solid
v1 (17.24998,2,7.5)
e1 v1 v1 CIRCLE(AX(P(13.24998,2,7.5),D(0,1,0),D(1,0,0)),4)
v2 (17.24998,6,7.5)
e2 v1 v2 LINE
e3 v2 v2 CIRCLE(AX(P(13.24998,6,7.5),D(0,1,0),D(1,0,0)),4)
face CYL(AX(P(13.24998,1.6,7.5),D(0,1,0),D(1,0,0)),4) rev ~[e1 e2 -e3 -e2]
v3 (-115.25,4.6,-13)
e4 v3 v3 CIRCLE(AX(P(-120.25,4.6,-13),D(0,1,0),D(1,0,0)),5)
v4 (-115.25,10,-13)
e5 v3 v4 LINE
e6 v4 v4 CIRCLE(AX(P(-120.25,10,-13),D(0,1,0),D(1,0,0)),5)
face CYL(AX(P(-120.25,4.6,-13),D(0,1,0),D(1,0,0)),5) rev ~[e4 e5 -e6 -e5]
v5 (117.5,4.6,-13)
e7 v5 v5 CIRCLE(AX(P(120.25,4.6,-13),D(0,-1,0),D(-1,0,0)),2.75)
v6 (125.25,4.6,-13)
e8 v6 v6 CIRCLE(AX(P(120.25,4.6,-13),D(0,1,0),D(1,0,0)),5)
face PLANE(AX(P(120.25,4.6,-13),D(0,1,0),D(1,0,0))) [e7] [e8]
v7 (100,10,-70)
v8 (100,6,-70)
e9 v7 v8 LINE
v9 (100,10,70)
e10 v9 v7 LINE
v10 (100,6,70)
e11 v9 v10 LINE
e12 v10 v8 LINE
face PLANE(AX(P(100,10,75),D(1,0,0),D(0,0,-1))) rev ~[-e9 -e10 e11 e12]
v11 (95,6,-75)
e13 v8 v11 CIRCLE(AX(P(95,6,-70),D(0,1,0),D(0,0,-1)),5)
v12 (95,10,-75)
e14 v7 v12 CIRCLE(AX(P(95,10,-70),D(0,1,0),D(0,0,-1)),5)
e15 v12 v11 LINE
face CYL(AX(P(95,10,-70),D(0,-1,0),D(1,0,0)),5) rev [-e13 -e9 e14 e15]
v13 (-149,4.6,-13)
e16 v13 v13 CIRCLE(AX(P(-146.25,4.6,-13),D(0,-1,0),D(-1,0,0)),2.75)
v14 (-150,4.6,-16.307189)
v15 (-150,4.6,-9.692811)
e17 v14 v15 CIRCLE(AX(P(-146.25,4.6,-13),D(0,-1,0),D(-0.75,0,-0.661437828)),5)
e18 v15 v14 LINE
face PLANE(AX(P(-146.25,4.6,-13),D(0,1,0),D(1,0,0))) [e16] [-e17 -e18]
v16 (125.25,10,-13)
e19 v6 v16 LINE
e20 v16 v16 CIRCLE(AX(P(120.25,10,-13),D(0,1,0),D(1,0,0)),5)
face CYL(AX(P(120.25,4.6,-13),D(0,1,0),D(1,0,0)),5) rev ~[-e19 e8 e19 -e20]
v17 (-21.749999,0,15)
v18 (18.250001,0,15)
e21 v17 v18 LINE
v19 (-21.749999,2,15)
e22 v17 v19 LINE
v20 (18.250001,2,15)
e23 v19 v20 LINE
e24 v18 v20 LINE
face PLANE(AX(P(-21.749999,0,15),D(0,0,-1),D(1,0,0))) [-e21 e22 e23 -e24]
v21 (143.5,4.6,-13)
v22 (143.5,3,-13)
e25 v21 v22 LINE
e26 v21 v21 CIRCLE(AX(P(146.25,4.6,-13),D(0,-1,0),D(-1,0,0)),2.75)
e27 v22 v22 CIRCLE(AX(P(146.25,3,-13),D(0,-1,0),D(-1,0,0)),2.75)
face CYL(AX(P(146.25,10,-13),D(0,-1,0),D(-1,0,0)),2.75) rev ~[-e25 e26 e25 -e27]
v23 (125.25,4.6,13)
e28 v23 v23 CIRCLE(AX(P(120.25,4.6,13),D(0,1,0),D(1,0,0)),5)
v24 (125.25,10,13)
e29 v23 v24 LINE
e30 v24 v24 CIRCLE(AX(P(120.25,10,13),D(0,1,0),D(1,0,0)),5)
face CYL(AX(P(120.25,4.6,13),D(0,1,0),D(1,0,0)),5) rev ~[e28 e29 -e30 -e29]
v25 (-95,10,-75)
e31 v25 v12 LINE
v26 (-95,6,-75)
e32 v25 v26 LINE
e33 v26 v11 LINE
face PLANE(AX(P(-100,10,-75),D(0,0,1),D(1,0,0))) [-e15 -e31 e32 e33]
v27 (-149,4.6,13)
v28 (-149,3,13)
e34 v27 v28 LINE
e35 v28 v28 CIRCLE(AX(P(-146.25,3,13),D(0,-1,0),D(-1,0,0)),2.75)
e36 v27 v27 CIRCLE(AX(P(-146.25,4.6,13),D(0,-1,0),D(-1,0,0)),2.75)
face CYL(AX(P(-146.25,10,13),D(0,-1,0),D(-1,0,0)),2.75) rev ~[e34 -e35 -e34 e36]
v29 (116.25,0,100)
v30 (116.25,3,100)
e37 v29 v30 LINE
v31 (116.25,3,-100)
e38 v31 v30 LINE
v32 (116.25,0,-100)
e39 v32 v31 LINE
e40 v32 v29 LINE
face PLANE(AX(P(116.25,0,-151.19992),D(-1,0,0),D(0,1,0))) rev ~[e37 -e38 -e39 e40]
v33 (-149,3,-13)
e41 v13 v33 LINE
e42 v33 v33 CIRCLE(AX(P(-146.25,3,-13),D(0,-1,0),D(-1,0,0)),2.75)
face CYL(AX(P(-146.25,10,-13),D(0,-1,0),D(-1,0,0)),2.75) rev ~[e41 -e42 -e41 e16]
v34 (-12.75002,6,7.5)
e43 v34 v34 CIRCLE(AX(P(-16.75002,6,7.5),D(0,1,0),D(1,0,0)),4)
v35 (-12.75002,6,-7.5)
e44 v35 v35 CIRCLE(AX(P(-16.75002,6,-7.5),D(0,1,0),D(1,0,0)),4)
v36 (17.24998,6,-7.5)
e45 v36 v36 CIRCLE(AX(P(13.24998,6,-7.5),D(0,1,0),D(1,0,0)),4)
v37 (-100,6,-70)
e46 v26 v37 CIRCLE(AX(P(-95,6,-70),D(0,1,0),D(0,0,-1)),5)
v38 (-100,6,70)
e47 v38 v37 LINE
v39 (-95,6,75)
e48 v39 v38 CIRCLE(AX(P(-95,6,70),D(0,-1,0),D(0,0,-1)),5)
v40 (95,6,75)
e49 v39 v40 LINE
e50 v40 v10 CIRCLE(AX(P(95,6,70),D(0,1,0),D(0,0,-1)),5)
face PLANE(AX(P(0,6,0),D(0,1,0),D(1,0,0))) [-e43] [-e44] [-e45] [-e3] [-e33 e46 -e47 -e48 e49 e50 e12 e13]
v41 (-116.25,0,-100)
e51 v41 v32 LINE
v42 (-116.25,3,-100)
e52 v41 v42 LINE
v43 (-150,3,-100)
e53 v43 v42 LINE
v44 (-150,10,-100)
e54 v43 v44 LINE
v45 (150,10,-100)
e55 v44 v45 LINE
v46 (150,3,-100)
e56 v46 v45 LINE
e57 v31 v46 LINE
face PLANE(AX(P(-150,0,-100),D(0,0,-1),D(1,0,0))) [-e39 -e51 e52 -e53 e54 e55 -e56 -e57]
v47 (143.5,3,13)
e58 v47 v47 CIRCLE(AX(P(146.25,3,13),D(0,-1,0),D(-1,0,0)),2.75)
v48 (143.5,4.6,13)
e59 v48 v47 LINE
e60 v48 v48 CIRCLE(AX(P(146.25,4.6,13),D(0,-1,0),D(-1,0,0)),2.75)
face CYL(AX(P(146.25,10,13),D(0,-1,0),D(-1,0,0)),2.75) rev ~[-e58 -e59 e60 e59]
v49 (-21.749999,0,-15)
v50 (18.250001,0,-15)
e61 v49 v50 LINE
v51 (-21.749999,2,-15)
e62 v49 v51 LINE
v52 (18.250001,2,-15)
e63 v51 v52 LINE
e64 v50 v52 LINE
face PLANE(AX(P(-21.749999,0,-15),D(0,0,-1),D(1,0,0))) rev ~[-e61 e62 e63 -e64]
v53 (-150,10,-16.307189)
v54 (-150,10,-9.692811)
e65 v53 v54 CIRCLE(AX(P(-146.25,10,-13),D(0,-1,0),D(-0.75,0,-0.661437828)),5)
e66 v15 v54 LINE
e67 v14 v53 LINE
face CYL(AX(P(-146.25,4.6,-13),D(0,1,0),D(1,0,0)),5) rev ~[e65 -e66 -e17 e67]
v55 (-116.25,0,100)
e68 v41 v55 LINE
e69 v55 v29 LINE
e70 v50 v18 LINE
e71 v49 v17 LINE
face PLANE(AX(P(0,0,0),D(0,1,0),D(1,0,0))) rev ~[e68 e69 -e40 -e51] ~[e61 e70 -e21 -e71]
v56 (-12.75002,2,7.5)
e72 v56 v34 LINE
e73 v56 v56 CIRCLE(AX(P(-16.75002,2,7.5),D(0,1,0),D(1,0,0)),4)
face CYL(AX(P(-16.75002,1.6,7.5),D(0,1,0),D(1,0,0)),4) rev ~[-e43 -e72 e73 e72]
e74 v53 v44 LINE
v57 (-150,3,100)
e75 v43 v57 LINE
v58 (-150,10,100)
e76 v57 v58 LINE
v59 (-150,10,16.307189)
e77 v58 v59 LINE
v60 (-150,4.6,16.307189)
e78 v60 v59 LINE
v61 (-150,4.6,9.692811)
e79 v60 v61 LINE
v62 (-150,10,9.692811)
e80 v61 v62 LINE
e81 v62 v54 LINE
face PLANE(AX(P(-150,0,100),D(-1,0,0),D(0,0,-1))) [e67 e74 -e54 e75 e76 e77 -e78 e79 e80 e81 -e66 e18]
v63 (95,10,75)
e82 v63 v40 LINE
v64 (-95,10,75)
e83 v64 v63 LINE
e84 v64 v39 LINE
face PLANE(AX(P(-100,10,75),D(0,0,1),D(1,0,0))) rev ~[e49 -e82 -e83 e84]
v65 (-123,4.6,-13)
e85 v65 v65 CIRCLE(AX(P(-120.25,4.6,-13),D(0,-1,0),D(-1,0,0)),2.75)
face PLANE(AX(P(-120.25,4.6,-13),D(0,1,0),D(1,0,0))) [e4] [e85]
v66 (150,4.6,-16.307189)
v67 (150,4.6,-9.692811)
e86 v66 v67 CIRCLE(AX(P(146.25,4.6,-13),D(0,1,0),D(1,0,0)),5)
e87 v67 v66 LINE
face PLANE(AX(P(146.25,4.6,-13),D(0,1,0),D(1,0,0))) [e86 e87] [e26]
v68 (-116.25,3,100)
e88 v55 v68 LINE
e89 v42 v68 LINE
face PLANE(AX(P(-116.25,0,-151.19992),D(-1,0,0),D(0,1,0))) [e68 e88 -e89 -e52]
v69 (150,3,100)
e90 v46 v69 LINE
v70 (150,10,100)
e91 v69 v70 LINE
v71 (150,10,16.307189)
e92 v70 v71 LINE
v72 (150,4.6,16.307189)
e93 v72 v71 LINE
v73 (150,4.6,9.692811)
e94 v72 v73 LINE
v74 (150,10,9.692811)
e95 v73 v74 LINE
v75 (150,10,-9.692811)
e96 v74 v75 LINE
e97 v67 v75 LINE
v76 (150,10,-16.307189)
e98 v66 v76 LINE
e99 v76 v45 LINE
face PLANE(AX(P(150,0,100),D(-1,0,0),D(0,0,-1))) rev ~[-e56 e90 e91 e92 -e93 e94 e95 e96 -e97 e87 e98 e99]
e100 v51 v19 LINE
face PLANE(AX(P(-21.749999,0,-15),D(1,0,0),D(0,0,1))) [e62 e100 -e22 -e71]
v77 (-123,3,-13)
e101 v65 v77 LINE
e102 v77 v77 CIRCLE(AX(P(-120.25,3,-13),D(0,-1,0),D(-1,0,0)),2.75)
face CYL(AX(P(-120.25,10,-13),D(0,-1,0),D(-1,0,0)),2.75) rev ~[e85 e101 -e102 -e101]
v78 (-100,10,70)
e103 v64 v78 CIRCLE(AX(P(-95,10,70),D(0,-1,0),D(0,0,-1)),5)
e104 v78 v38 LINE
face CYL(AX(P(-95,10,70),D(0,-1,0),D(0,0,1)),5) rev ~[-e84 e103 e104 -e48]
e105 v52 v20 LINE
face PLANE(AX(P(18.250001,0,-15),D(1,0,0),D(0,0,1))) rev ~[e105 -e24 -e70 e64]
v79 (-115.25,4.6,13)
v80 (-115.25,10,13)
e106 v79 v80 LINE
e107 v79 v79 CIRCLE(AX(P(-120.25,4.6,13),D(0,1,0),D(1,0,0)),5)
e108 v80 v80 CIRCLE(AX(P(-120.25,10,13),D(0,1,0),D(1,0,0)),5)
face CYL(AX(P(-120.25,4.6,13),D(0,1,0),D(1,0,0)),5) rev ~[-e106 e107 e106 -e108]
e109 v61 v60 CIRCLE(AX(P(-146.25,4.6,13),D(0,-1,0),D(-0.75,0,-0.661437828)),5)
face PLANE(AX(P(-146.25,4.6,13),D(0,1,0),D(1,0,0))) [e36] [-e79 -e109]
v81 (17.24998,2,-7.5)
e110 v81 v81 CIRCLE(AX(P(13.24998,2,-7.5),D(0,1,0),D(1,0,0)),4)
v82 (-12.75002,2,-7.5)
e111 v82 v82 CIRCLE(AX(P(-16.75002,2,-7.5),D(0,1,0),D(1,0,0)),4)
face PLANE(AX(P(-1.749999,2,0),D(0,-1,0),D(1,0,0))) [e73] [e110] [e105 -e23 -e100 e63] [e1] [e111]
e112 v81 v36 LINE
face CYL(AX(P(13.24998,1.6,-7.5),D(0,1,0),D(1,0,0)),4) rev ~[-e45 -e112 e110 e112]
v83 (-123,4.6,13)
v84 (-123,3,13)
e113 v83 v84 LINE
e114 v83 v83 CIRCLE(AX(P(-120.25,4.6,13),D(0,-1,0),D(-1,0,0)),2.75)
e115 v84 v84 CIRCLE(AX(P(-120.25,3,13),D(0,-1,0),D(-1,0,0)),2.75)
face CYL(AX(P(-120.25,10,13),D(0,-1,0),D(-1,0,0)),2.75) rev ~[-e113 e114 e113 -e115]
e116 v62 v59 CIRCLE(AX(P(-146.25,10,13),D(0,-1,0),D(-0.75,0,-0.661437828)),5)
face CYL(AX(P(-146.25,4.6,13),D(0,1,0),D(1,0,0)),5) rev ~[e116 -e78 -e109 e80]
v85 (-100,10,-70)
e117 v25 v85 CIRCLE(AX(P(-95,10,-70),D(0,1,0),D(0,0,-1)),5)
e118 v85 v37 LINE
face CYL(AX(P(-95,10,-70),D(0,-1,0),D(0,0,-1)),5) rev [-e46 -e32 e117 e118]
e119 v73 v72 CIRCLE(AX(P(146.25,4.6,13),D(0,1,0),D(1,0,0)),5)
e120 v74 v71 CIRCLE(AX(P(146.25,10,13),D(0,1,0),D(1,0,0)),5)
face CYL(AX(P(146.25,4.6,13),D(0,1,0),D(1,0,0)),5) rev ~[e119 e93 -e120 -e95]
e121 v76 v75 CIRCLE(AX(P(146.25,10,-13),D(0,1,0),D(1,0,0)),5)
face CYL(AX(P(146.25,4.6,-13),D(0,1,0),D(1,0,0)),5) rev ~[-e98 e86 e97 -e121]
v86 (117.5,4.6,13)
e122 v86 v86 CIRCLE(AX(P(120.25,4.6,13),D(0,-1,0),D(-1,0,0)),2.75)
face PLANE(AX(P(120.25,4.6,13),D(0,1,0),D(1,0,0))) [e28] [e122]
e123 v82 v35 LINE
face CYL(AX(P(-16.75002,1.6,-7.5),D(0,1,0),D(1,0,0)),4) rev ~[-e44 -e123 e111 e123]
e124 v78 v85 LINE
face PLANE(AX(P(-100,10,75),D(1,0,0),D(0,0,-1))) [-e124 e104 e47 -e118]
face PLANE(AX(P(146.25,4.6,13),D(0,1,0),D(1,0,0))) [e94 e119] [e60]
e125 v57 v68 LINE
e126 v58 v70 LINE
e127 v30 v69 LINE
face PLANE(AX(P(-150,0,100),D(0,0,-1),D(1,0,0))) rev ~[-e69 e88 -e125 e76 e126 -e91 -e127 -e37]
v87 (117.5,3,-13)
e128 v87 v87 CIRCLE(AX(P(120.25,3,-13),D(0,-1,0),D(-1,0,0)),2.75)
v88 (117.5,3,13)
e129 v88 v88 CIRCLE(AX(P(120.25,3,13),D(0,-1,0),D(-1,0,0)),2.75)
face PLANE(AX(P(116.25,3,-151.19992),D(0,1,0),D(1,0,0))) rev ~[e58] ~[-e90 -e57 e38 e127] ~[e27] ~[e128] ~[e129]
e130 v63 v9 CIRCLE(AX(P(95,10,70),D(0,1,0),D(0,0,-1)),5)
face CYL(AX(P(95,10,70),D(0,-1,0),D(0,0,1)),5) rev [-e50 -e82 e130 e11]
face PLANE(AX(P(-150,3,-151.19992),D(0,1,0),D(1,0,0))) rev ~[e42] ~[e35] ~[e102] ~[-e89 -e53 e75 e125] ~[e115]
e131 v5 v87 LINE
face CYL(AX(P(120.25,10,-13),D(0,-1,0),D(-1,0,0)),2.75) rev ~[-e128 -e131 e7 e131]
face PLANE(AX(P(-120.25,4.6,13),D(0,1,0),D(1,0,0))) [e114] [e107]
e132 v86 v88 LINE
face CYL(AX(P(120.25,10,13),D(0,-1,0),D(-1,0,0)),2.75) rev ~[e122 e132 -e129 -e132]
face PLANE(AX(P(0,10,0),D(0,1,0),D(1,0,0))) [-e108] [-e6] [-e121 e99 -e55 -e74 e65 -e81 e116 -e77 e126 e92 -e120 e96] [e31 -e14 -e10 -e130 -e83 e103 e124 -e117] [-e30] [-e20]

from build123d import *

# Parameters (mm, degrees)
SKETCH1_W                                           = 300
SKETCH1_H                                           = 200
BOSS_EXTRUDE1_DEPTH                                 = 10
CUT_EXTRUDE1_DEPTH                                  = 251.199920064
CUT_EXTRUDE1_DEPTH_BACK                             = 251.199920064
SKETCH2_W                                           = 33.75
SKETCH2_H                                           = 3
SKETCH3_W                                           = 200
SKETCH3_H                                           = 150
CUT_EXTRUDE2_DEPTH                                  = 4
FILLET1_R                                           = 5
CBORE_FOR_M5_HEX_SOCKET_HEAD_CAP_SCREW1_D           = 5.5
CBORE_FOR_M5_HEX_SOCKET_HEAD_CAP_SCREW1_CBORE_D     = 10
CBORE_FOR_M5_HEX_SOCKET_HEAD_CAP_SCREW1_CBORE_DEPTH = 5.4
SKETCH6_W                                           = 40
SKETCH6_H                                           = 30
CUT_EXTRUDE3_DEPTH                                  = 2
CBORE_FOR_M4_HEX_SOCKET_HEAD_CAP_SCREW1_D           = 4.5
CBORE_FOR_M4_HEX_SOCKET_HEAD_CAP_SCREW1_DEPTH       = 11.5
CBORE_FOR_M4_HEX_SOCKET_HEAD_CAP_SCREW1_CBORE_D     = 8
CBORE_FOR_M4_HEX_SOCKET_HEAD_CAP_SCREW1_CBORE_DEPTH = 4.4
CBORE_FOR_M4_HEX_SOCKET_HEAD_CAP_SCREW1_TIP         = 1.351936393


with BuildPart() as part:
    # Sketch1 → Boss-Extrude1 (new body)
    with BuildSketch(Plane(origin=(0, 0, 0), x_dir=(1, 0, 0), z_dir=(0, 1, 0))):
        Rectangle(SKETCH1_W, SKETCH1_H)
    extrude(amount=BOSS_EXTRUDE1_DEPTH)

    # Sketch2 → Cut-Extrude1 (cut, two sides: drawn at the far end of the back side and taken through both)
    with BuildSketch(Plane.XY.offset(100).offset(-CUT_EXTRUDE1_DEPTH_BACK)):
        with Locations((-133.125, 1.5)):
            Rectangle(SKETCH2_W, SKETCH2_H)
        with Locations((133.125, 1.5)):
            Rectangle(SKETCH2_W, SKETCH2_H)
    extrude(amount=CUT_EXTRUDE1_DEPTH + CUT_EXTRUDE1_DEPTH_BACK, mode=Mode.SUBTRACT)

    # Sketch3 → Cut-Extrude2 (cut)
    with BuildSketch(Plane(origin=(0, 10, 0), x_dir=(1, 0, 0), z_dir=(0, 1, 0))):
        Rectangle(SKETCH3_W, SKETCH3_H)
    extrude(amount=-CUT_EXTRUDE2_DEPTH, mode=Mode.SUBTRACT)

    # Fillet1
    fillet1_edges = [part.edges().sort_by_distance(p)[0] for p in [
        (-100, 8, 75),
        (-100, 8, -75),
        (100, 8, -75),
        (100, 8, 75),
    ]]
    fillet(fillet1_edges, radius=FILLET1_R)

    # CBORE for M5 Hex Socket Head Cap Screw1 (through all)
    with Locations(Plane(origin=(0, 10, 0), x_dir=(1, 0, 0), z_dir=(0, 1, 0))):
        with Locations((146.25, 13), (120.25, 13), (120.25, -13), (146.25, -13), (-146.25, 13), (-120.25, 13), (-146.25, -13), (-120.25, -13)):
            CounterBoreHole(CBORE_FOR_M5_HEX_SOCKET_HEAD_CAP_SCREW1_D / 2, CBORE_FOR_M5_HEX_SOCKET_HEAD_CAP_SCREW1_CBORE_D / 2, CBORE_FOR_M5_HEX_SOCKET_HEAD_CAP_SCREW1_CBORE_DEPTH)

    # Sketch6 → Cut-Extrude3 (cut)
    with BuildSketch(Plane.XZ):
        with Locations((-1.749998631, 0)):
            Rectangle(SKETCH6_W, SKETCH6_H)
    extrude(amount=-CUT_EXTRUDE3_DEPTH, mode=Mode.SUBTRACT)

    # CBORE for M4 Hex Socket Head Cap Screw1
    with Locations(Plane(origin=(0, 6, 0), x_dir=(1, 0, 0), z_dir=(0, 1, 0))):
        with Locations((13.249979912, 7.5), (13.249979912, -7.5), (-16.750020088, 7.5), (-16.750020088, -7.5)):
            CounterBoreHole(CBORE_FOR_M4_HEX_SOCKET_HEAD_CAP_SCREW1_D / 2, CBORE_FOR_M4_HEX_SOCKET_HEAD_CAP_SCREW1_CBORE_D / 2, CBORE_FOR_M4_HEX_SOCKET_HEAD_CAP_SCREW1_CBORE_DEPTH, depth=CBORE_FOR_M4_HEX_SOCKET_HEAD_CAP_SCREW1_DEPTH)
            with Locations((0, 0, -(CBORE_FOR_M4_HEX_SOCKET_HEAD_CAP_SCREW1_DEPTH + CBORE_FOR_M4_HEX_SOCKET_HEAD_CAP_SCREW1_TIP / 2))):  # 118° drill point
                Cone(0, CBORE_FOR_M4_HEX_SOCKET_HEAD_CAP_SCREW1_D / 2, CBORE_FOR_M4_HEX_SOCKET_HEAD_CAP_SCREW1_TIP, mode=Mode.SUBTRACT)


solid = part.part
